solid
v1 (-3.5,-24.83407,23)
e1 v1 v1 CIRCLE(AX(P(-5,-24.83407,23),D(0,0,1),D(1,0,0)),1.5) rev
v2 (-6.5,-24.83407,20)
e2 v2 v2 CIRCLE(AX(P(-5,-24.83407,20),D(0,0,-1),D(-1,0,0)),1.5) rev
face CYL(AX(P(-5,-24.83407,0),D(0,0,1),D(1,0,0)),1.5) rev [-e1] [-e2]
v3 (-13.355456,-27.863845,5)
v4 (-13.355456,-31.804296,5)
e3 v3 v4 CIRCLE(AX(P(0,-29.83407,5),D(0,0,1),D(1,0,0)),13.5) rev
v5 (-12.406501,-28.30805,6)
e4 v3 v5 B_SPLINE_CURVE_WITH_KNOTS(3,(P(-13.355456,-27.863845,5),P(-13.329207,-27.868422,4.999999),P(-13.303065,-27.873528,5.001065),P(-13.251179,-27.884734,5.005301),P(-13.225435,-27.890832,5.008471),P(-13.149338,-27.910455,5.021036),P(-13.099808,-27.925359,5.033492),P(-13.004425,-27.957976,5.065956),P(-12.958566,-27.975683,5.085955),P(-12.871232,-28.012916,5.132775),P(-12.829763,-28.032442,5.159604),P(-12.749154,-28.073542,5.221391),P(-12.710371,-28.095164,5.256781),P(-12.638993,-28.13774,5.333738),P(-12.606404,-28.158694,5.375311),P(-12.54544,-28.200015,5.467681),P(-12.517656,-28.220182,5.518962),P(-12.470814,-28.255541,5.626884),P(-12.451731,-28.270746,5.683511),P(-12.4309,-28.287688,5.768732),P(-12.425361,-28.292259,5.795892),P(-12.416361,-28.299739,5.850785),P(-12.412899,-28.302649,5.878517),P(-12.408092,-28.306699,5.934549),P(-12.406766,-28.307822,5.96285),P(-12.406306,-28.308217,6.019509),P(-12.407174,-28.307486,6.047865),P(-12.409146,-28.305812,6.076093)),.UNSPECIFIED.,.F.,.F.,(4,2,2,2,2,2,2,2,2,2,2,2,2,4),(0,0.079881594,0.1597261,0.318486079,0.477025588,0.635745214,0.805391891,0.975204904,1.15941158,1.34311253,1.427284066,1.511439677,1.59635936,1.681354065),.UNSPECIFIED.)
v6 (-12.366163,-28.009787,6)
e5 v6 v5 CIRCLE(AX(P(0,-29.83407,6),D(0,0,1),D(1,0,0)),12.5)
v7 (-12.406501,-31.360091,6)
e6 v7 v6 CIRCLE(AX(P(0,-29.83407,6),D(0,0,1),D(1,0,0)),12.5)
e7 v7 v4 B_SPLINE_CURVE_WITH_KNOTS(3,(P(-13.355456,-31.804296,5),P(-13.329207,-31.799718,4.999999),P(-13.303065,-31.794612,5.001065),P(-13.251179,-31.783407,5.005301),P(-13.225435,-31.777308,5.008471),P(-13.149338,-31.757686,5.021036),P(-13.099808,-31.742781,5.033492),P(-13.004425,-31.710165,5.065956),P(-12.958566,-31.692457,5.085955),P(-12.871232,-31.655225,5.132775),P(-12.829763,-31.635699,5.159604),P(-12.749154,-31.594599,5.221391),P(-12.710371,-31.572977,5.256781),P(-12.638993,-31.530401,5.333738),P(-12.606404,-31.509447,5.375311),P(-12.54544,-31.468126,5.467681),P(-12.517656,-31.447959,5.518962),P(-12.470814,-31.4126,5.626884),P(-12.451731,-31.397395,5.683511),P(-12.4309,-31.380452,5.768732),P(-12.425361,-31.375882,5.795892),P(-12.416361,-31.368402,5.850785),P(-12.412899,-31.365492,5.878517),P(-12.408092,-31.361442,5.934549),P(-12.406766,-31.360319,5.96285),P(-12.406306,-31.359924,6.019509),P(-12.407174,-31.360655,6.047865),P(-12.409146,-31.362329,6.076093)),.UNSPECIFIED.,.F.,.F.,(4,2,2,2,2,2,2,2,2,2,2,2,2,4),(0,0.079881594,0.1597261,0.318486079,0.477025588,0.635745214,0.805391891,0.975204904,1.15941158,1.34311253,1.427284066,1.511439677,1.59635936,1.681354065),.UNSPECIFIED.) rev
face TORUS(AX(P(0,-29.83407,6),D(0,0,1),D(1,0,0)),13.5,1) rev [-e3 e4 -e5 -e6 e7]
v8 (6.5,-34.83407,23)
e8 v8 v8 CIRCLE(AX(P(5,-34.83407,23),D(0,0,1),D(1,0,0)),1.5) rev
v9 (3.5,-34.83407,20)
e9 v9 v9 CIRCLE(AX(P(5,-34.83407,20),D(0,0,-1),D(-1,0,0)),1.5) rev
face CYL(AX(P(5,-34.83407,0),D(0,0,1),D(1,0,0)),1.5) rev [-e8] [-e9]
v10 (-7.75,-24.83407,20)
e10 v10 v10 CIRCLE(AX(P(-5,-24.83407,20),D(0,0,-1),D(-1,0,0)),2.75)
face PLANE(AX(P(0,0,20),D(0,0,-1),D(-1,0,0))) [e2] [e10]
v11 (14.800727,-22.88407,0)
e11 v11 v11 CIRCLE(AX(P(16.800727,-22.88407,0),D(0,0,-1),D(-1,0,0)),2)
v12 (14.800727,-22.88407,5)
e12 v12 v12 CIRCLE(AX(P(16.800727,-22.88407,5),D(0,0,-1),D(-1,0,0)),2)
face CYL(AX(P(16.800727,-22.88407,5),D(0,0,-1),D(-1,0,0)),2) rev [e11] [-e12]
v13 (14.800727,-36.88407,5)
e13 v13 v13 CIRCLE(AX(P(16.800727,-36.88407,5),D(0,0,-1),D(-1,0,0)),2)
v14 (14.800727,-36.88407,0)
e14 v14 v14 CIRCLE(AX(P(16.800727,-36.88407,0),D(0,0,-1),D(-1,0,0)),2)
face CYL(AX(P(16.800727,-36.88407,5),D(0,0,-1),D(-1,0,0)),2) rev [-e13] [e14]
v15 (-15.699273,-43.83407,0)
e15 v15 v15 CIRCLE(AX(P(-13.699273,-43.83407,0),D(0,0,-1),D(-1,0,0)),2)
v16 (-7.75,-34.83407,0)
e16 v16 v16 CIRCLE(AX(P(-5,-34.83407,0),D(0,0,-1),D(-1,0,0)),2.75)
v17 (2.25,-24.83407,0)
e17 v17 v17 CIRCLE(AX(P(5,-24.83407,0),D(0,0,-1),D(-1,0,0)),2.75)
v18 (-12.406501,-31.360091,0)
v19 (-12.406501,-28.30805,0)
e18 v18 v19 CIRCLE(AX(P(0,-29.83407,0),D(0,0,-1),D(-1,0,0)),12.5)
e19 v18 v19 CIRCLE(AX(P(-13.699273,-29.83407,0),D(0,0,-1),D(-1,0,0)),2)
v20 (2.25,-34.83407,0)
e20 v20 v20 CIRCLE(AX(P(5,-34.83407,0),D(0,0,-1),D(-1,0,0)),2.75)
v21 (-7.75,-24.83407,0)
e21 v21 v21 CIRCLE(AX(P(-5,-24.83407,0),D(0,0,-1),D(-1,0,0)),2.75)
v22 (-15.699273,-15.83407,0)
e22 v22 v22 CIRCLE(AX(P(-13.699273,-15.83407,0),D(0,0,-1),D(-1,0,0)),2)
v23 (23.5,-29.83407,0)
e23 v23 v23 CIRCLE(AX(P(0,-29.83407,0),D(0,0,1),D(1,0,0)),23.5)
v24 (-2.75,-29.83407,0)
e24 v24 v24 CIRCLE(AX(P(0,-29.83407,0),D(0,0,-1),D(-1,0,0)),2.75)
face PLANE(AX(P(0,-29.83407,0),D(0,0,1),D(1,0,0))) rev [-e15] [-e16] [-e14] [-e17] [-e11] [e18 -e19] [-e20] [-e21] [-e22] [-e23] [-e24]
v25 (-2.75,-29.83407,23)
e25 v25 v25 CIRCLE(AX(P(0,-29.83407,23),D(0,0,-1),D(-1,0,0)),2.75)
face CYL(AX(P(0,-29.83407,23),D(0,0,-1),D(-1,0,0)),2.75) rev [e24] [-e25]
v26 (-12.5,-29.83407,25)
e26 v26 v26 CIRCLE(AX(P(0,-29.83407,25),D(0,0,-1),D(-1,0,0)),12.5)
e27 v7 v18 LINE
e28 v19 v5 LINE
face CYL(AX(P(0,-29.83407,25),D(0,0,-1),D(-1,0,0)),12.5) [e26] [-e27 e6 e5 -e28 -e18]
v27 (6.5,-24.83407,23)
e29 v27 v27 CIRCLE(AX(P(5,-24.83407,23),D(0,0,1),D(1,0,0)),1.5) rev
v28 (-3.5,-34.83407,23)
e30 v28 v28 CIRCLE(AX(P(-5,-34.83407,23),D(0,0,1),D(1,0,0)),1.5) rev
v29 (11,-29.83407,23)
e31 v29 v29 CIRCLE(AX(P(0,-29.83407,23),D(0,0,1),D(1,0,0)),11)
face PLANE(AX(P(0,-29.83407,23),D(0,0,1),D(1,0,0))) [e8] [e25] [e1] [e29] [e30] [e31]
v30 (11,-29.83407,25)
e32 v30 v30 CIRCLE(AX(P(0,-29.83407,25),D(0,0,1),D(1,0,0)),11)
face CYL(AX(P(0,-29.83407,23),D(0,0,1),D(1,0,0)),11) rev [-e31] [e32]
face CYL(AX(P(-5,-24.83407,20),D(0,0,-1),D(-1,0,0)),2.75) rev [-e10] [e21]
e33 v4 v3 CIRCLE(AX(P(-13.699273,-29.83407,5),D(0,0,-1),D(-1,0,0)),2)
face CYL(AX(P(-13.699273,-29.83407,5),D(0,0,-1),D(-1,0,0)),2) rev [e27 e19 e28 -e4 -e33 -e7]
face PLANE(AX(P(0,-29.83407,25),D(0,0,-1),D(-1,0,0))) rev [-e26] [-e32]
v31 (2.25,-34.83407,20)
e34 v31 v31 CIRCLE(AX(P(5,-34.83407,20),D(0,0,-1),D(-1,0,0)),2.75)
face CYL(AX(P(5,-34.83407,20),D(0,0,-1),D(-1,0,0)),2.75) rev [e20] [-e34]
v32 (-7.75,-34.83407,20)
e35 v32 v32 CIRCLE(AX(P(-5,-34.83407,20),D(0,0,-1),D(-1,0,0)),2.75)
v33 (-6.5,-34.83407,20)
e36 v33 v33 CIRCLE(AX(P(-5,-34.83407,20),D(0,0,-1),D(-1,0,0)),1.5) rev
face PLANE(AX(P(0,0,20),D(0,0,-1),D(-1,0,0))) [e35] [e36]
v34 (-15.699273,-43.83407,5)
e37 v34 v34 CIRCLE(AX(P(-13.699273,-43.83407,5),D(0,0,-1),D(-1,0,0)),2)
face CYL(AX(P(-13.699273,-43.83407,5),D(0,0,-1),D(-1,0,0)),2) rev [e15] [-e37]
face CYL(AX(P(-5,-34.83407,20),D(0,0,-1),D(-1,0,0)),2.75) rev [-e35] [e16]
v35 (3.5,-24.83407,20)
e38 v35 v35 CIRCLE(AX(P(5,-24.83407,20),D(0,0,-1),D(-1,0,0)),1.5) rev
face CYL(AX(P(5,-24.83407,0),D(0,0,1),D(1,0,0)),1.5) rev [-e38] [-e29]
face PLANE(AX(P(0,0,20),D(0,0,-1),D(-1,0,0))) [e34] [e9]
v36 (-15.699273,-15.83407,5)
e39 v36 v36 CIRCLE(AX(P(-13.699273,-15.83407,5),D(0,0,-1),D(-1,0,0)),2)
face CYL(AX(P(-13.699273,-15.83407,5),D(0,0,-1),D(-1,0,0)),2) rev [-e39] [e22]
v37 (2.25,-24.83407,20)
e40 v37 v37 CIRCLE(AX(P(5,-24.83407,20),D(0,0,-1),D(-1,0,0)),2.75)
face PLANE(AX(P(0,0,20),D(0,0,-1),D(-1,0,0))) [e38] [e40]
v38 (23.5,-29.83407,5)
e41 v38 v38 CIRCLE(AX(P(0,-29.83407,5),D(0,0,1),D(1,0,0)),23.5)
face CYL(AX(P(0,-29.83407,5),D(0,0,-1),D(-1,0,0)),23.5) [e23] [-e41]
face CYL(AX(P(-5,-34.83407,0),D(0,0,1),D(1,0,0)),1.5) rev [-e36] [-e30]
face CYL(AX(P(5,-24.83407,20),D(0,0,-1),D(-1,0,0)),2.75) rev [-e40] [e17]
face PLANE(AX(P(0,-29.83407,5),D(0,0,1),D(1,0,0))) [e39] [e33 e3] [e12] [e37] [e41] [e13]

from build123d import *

# Parameters (mm, degrees)
SKETCH_1_R          = 23.5
EXTRUDE_1_DEPTH     = 5
SKETCH_2_R          = 2
CUT_EXTRUDE_1_DEPTH = 59.495923488
SKETCH_3_R          = 12.5
EXTRUDE_3_DEPTH     = 25
SKETCH_4_R          = 4
SKETCH_4_R_2        = 1.5
CUT_EXTRUDE_2_DEPTH = 64.41745079
SKETCH_5_R          = 11
CUT_EXTRUDE_3_DEPTH = 2
CUT_EXTRUDE_START   = -20
SKETCH_6_R          = 2.75
SKETCH_6_R_2        = 1.5
CUT_EXTRUDE_5_DEPTH = 20
EXTRUDE_START       = -23
SKETCH_7_R          = 4
SKETCH_7_R_2        = 2.75
EXTRUDE_4_DEPTH     = 23
FILLET_1_R          = 1


with BuildPart() as part:
    # 草图1 → 凸台-拉伸1 (new body)
    with BuildSketch(Plane.XY):
        with Locations((0, -29.834070393)):
            Circle(SKETCH_1_R)
    extrude(amount=EXTRUDE_1_DEPTH)

    # 草图2 → 切除-拉伸1 (cut, through all)
    with BuildSketch(Plane(origin=(0, 0, 0), x_dir=(-1, 0, 0), z_dir=(0, 0, -1))):
        with Locations((13.699273048, -15.834070393)):
            Circle(SKETCH_2_R)
        with Locations((13.699273048, -43.834070393)):
            Circle(SKETCH_2_R)
        with Locations((-16.800726952, -22.884070393)):
            Circle(SKETCH_2_R)
        with Locations((-16.800726952, -36.884070393)):
            Circle(SKETCH_2_R)
        with Locations((13.699273048, -29.834070393)):
            Circle(SKETCH_2_R)
    extrude(amount=-CUT_EXTRUDE_1_DEPTH, mode=Mode.SUBTRACT)

    # 草图3 → 凸台-拉伸3 (add)
    with BuildSketch(Plane(origin=(0, 0, 0), x_dir=(-1, 0, 0), z_dir=(0, 0, -1))):
        with Locations((0, -29.834070393)):
            Circle(SKETCH_3_R)
    extrude(amount=-EXTRUDE_3_DEPTH)

    # 草图4 → 切除-拉伸2 (cut, through all)
    with BuildSketch(Plane.XY.offset(25)):
        with BuildLine():
            ThreePointArc((-3.5, -24.834070393), (-6.060660172, -23.773410221), (-5, -26.334070393))
            Line((-5, -26.334070393), (-5, -24.834070393))
            Line((-5, -24.834070393), (-3.5, -24.834070393))
        make_face()
        with BuildLine():
            Line((-5, -24.834070393), (-5, -26.334070393))
            ThreePointArc((-5, -26.334070393), (-3.939339828, -25.894730565), (-3.5, -24.834070393))
            Line((-3.5, -24.834070393), (-5, -24.834070393))
        make_face()
        with BuildLine():
            ThreePointArc((3.5, -24.834070393), (3.939339828, -25.894730565), (5, -26.334070393))
            Line((5, -26.334070393), (5, -24.834070393))
            Line((5, -24.834070393), (3.5, -24.834070393))
        make_face()
        with BuildLine():
            Line((5, -24.834070393), (5, -26.334070393))
            ThreePointArc((5, -26.334070393), (6.060660172, -25.894730565), (6.5, -24.834070393))
            ThreePointArc((6.5, -24.834070393), (5, -23.334070393), (3.5, -24.834070393))
            Line((3.5, -24.834070393), (5, -24.834070393))
        make_face()
        with BuildLine():
            ThreePointArc((5, -33.334070393), (3.939339828, -33.773410221), (3.5, -34.834070393))
            Line((3.5, -34.834070393), (5, -34.834070393))
            Line((5, -34.834070393), (5, -33.334070393))
        make_face()
        with BuildLine():
            Line((5, -34.834070393), (3.5, -34.834070393))
            ThreePointArc((3.5, -34.834070393), (5, -36.334070393), (6.5, -34.834070393))
            ThreePointArc((6.5, -34.834070393), (6.060660172, -33.773410221), (5, -33.334070393))
            Line((5, -33.334070393), (5, -34.834070393))
        make_face()
        with Locations((0, -29.834070393)):
            Circle(SKETCH_4_R)
        with Locations((-5, -34.834070393)):
            Circle(SKETCH_4_R_2)
    extrude(amount=-CUT_EXTRUDE_2_DEPTH, mode=Mode.SUBTRACT)

    # 草图5 → 切除-拉伸3 (cut)
    with BuildSketch(Plane.XY.offset(25)):
        with Locations((0, -29.834070393)):
            Circle(SKETCH_5_R)
    extrude(amount=-CUT_EXTRUDE_3_DEPTH, mode=Mode.SUBTRACT)

    # 草图6 → 切除-拉伸5 (cut)
    # profile 1 of 4: a face of its own
    with BuildSketch(Plane(origin=(0, 0, 0), x_dir=(-1, 0, 0), z_dir=(0, 0, -1)).offset(CUT_EXTRUDE_START)):
        with Locations((-5, -24.834070393)):
            Circle(SKETCH_6_R)
        with Locations(Location((-5, -24.834070393, 0), (0, 0, 180))):
            Circle(SKETCH_6_R_2, mode=Mode.SUBTRACT)
    # profile 2 of 4: a face of its own
    with BuildSketch(Plane(origin=(0, 0, 0), x_dir=(-1, 0, 0), z_dir=(0, 0, -1)).offset(CUT_EXTRUDE_START)):
        with Locations((5, -24.834070393)):
            Circle(SKETCH_6_R)
        with Locations(Location((5, -24.834070393, 0), (0, 0, 180))):
            Circle(SKETCH_6_R_2, mode=Mode.SUBTRACT)
    # profile 3 of 4: a face of its own
    with BuildSketch(Plane(origin=(0, 0, 0), x_dir=(-1, 0, 0), z_dir=(0, 0, -1)).offset(CUT_EXTRUDE_START)):
        with Locations((-5, -34.834070393)):
            Circle(SKETCH_6_R)
        with Locations(Location((-5, -34.834070393, 0), (0, 0, 180))):
            Circle(SKETCH_6_R_2, mode=Mode.SUBTRACT)
    # profile 4 of 4: a face of its own
    with BuildSketch(Plane(origin=(0, 0, 0), x_dir=(-1, 0, 0), z_dir=(0, 0, -1)).offset(CUT_EXTRUDE_START)):
        with Locations((5, -34.834070393)):
            Circle(SKETCH_6_R)
        with Locations(Location((5, -34.834070393, 0), (0, 0, 180))):
            Circle(SKETCH_6_R_2, mode=Mode.SUBTRACT)
    extrude(amount=CUT_EXTRUDE_5_DEPTH, mode=Mode.SUBTRACT)

    # 草图7 → 凸台-拉伸4 (add)
    with BuildSketch(Plane(origin=(0, 0, 0), x_dir=(-1, 0, 0), z_dir=(0, 0, -1)).offset(EXTRUDE_START)):
        with Locations((0, -29.834070393)):
            Circle(SKETCH_7_R)
        with Locations((0, -29.834070393)):
            Circle(SKETCH_7_R_2, mode=Mode.SUBTRACT)
    extrude(amount=EXTRUDE_4_DEPTH)

    # 圆角1
    fillet_1_edges = [part.edges().sort_by_distance(p)[0] for p in [
        (12.5, -29.834070393, 5),
    ]]
    fillet(fillet_1_edges, radius=FILLET_1_R)


solid = part.part
